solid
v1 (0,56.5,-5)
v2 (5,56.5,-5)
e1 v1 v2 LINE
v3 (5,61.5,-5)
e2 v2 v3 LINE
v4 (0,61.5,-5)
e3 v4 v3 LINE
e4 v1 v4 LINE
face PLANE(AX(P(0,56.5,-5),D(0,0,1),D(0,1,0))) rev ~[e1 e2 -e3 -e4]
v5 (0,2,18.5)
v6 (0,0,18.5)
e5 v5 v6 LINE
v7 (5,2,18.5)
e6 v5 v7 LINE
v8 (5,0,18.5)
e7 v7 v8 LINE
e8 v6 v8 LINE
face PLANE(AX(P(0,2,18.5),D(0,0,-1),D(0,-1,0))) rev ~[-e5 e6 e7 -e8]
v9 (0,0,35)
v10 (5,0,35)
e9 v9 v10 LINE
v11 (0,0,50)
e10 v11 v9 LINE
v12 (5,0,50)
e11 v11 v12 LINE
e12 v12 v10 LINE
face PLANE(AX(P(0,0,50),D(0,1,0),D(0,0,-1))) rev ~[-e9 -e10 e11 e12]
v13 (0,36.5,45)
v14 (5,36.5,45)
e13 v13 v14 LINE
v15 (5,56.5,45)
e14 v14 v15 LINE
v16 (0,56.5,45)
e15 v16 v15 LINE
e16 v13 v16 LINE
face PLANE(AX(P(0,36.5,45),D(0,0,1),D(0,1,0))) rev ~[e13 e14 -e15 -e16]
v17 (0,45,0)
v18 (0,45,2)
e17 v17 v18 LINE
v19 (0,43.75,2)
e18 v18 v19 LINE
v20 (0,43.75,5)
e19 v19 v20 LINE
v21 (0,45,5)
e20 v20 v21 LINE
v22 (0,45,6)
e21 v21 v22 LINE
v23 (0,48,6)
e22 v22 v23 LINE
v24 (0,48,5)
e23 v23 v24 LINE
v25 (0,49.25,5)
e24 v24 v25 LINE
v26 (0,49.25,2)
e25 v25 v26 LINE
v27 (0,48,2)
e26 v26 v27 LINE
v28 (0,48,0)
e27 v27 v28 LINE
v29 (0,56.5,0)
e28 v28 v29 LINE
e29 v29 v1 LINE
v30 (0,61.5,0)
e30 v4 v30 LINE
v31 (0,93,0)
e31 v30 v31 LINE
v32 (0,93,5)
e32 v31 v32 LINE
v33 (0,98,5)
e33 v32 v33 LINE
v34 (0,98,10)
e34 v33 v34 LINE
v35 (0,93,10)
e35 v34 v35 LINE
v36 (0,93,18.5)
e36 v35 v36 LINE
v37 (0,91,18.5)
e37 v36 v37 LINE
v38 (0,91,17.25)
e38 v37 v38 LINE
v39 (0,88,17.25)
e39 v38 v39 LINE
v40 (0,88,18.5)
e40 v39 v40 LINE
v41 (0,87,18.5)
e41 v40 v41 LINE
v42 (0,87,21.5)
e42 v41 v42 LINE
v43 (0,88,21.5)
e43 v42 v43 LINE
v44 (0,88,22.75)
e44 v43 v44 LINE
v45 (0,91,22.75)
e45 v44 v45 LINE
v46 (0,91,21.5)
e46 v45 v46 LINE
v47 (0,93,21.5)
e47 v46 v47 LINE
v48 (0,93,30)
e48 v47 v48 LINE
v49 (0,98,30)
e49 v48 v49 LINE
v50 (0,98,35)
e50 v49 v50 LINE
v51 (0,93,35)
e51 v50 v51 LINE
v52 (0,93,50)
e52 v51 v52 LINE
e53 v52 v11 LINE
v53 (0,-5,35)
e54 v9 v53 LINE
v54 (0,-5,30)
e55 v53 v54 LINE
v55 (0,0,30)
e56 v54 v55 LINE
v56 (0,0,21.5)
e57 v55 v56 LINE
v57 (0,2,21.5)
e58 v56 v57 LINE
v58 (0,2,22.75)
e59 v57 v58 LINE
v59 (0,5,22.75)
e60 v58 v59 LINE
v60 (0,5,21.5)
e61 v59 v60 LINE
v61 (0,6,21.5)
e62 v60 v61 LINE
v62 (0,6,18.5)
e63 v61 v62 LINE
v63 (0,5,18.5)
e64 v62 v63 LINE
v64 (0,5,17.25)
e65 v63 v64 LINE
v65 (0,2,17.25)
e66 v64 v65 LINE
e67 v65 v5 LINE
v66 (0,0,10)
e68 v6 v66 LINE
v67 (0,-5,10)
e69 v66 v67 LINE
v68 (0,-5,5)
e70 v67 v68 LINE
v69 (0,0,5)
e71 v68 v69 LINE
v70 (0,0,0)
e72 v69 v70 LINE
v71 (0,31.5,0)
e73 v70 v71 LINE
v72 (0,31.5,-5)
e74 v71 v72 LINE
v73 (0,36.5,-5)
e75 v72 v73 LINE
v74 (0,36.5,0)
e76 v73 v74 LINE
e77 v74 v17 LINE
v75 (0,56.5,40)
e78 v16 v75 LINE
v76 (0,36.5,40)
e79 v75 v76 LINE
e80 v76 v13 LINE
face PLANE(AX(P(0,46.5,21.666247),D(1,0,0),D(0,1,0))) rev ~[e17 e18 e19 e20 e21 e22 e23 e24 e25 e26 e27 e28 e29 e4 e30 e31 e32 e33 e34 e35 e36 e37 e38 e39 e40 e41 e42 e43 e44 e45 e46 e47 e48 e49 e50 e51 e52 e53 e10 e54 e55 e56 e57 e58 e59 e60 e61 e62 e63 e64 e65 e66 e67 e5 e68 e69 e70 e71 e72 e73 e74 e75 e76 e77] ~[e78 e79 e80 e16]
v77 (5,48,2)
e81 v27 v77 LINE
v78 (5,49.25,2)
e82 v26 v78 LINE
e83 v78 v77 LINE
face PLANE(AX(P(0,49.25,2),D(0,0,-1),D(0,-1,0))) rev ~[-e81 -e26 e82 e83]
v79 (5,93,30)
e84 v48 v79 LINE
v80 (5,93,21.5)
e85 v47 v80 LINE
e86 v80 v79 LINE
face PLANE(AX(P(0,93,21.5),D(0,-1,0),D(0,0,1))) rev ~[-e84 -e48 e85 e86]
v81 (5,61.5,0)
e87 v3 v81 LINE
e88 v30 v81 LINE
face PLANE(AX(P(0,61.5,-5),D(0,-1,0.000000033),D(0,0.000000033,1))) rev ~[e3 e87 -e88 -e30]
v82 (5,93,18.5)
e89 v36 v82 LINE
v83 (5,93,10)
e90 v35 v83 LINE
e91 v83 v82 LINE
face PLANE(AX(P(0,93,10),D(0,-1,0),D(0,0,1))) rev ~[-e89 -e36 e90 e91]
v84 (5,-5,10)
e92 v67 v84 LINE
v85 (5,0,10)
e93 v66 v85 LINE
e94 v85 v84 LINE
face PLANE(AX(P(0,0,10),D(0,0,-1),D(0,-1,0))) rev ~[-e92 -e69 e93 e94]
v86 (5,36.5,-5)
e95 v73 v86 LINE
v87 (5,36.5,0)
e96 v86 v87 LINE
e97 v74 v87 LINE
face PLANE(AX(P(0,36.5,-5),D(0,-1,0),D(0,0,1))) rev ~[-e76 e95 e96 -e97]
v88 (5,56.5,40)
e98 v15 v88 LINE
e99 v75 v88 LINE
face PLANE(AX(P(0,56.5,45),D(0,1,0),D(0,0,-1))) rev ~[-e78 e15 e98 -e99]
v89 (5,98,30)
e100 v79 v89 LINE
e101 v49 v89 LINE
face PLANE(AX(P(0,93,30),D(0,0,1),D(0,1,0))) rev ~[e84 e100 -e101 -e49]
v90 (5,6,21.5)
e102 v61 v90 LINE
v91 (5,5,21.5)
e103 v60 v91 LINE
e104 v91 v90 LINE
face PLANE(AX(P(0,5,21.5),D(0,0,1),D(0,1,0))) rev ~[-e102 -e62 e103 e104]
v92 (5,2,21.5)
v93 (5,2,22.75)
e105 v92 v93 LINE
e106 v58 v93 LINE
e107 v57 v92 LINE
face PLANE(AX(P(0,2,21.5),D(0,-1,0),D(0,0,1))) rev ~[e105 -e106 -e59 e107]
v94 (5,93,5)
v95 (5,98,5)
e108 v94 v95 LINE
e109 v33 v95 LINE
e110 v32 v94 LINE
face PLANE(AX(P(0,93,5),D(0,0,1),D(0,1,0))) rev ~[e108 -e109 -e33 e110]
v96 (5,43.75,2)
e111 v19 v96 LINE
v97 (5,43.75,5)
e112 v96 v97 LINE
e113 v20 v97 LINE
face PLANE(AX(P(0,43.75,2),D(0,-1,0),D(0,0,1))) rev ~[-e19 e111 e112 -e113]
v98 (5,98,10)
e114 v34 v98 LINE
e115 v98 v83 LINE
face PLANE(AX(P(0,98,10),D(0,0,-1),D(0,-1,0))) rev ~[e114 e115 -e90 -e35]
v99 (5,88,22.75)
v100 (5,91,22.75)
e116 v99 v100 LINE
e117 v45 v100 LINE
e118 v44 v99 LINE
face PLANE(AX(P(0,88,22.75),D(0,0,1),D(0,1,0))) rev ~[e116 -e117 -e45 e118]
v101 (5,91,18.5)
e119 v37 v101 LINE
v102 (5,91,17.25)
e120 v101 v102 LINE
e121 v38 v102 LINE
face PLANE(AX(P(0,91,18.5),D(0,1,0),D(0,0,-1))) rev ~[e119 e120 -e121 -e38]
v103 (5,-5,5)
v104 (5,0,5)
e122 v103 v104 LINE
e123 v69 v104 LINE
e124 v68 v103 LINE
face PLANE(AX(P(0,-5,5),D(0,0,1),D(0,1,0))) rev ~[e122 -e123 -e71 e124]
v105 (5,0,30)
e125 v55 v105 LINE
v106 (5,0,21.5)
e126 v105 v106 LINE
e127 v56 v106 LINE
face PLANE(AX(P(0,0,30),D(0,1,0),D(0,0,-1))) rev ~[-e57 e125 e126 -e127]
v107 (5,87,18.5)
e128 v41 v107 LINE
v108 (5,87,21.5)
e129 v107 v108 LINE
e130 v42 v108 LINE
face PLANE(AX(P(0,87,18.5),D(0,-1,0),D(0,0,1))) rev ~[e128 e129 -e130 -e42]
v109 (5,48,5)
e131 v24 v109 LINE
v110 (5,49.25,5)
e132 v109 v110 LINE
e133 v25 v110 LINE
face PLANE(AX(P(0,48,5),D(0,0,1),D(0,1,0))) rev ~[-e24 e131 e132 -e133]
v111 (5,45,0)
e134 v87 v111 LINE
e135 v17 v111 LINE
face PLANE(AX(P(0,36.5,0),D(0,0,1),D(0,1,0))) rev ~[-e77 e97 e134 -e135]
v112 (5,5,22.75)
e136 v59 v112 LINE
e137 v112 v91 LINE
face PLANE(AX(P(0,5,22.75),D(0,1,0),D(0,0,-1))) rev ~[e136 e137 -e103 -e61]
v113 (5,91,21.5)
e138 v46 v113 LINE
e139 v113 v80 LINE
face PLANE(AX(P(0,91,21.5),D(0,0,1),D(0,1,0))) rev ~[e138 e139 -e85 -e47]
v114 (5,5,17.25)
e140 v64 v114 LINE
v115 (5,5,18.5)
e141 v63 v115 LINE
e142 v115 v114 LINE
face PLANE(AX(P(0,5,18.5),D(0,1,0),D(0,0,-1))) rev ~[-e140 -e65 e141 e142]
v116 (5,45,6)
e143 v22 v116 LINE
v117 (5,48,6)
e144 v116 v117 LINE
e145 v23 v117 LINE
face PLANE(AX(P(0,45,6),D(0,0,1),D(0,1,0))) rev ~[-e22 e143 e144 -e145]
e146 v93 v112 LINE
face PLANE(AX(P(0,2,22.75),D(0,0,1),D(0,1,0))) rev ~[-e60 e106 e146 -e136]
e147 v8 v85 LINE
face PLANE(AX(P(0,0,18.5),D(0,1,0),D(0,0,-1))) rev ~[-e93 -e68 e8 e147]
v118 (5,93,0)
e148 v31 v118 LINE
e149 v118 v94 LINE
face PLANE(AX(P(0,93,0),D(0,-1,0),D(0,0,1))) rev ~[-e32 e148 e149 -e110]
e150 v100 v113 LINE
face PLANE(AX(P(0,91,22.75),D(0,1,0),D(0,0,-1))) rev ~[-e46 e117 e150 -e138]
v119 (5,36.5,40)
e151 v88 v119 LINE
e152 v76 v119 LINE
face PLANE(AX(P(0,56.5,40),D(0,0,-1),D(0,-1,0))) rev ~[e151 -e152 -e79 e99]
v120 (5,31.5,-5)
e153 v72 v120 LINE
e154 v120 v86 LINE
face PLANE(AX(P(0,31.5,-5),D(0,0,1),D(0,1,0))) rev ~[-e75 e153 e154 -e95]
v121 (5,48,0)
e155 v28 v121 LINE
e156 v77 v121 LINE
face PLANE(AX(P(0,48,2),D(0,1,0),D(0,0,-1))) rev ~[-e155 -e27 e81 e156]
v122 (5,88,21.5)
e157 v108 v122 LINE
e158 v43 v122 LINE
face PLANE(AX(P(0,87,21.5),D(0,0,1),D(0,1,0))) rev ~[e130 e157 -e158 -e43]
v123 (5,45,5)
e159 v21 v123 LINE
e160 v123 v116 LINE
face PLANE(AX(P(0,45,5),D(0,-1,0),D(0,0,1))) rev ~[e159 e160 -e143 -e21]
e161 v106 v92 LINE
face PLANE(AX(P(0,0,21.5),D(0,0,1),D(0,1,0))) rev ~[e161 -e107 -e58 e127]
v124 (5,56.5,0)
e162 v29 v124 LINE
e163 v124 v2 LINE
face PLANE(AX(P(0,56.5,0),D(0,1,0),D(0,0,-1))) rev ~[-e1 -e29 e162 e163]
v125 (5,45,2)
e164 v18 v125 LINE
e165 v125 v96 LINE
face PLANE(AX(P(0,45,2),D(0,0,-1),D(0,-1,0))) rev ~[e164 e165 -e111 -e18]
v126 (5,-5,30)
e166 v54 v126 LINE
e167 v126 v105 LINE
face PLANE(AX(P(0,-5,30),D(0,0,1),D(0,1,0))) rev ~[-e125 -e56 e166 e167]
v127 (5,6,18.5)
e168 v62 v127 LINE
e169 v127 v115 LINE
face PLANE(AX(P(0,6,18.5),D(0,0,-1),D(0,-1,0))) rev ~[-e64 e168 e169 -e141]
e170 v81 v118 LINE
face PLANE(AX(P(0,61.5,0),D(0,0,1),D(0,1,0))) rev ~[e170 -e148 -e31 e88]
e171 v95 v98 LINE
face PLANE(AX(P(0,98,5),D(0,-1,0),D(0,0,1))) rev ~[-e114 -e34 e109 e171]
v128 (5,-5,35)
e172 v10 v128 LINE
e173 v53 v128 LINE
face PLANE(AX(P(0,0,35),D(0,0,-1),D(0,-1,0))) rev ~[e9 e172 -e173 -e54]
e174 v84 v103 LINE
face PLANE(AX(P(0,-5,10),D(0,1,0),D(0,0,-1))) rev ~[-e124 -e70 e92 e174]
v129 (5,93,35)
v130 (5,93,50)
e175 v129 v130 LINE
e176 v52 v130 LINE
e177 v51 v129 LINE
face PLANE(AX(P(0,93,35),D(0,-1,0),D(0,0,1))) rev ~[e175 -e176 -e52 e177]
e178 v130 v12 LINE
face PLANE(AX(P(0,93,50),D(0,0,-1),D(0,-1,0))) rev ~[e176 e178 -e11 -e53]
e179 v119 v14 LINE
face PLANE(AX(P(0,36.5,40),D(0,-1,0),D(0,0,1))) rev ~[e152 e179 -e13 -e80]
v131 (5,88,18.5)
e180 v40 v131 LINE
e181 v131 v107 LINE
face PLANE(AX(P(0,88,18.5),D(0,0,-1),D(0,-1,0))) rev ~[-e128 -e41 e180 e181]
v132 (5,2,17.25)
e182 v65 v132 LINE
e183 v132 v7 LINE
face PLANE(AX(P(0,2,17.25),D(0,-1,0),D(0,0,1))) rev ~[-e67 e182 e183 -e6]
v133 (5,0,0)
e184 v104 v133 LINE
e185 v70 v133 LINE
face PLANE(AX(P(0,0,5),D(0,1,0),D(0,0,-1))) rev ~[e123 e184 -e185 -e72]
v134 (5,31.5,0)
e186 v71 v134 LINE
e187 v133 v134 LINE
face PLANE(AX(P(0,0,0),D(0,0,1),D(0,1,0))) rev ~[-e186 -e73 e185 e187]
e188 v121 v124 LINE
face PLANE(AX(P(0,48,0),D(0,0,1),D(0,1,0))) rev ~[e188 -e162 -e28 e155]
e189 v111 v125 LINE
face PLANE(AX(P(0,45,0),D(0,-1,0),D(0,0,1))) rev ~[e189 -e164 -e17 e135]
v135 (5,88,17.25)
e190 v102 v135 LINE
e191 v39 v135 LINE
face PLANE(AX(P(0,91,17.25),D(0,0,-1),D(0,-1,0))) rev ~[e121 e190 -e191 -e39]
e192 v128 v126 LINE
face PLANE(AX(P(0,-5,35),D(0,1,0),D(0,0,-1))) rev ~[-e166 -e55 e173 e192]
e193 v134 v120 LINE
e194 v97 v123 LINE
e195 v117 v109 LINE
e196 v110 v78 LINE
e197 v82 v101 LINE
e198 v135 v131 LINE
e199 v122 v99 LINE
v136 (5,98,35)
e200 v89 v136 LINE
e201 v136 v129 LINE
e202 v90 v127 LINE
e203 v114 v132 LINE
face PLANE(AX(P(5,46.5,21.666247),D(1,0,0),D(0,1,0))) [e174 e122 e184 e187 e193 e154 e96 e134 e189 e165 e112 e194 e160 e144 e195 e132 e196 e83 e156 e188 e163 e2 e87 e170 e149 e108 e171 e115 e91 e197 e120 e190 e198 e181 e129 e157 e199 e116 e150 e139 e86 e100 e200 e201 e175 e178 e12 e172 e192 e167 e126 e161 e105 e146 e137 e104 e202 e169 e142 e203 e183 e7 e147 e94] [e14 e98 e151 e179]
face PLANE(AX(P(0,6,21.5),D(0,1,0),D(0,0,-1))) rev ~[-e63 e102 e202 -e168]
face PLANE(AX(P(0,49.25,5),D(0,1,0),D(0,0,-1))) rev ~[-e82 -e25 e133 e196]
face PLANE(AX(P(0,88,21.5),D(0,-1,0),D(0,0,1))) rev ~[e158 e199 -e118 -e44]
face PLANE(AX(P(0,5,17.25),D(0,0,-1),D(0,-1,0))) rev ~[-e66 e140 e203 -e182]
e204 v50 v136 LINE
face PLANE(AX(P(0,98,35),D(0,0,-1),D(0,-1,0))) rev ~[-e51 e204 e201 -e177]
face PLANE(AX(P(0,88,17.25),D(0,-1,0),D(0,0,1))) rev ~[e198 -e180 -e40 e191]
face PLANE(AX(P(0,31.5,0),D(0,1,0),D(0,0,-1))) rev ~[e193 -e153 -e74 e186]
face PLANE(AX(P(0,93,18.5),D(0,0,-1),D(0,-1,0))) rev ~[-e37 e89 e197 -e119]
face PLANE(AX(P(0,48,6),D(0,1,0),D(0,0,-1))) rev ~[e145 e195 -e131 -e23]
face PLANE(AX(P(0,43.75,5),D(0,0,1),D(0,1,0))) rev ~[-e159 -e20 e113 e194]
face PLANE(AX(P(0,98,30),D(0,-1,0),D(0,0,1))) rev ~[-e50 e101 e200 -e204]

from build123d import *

# Parameters (mm, degrees)
F2_DEPTH = 5


with BuildPart() as f2:
    # F1 (on Right) → F2 (new body)
    with BuildSketch(Plane.YZ):
        Polygon((0, 5), (0, 0), (31.5, 0), (31.5, -5), (36.5, -5), (36.5, 0), (45, 0), (45, 2), (43.75, 2), (43.75, 5), (45, 5), (45, 6), (48, 6), (48, 5), (49.25, 5), (49.25, 2), (48, 2), (48, 0), (56.5, 0), (56.5, -5), (61.5, -5), (61.5000001655, 0), (93, 0), (93, 5), (98, 5), (98, 10), (93, 10), (93, 18.5), (91, 18.5), (91, 17.25), (88, 17.25), (88, 18.5), (87, 18.5), (87, 21.5), (88, 21.5), (88, 22.75), (91, 22.75), (91, 21.5), (93, 21.5), (93, 30), (98, 30), (98, 35), (93, 35), (93, 40), (93, 50), (0, 50), (0, 40), (0, 35), (-5, 35), (-5, 30), (0, 30), (0, 21.5), (2, 21.5), (2, 22.75), (5, 22.75), (5, 21.5), (6, 21.5), (6, 18.5), (5, 18.5), (5, 17.25), (2, 17.25), (2, 18.5), (0, 18.5), (0, 10), (-5, 10), (-5, 5), align=None)
        Polygon((36.5, 45), (56.5, 45), (56.5, 40), (45, 40), (36.5, 40), align=None, mode=Mode.SUBTRACT)
    extrude(amount=F2_DEPTH)


solid = f2.part
